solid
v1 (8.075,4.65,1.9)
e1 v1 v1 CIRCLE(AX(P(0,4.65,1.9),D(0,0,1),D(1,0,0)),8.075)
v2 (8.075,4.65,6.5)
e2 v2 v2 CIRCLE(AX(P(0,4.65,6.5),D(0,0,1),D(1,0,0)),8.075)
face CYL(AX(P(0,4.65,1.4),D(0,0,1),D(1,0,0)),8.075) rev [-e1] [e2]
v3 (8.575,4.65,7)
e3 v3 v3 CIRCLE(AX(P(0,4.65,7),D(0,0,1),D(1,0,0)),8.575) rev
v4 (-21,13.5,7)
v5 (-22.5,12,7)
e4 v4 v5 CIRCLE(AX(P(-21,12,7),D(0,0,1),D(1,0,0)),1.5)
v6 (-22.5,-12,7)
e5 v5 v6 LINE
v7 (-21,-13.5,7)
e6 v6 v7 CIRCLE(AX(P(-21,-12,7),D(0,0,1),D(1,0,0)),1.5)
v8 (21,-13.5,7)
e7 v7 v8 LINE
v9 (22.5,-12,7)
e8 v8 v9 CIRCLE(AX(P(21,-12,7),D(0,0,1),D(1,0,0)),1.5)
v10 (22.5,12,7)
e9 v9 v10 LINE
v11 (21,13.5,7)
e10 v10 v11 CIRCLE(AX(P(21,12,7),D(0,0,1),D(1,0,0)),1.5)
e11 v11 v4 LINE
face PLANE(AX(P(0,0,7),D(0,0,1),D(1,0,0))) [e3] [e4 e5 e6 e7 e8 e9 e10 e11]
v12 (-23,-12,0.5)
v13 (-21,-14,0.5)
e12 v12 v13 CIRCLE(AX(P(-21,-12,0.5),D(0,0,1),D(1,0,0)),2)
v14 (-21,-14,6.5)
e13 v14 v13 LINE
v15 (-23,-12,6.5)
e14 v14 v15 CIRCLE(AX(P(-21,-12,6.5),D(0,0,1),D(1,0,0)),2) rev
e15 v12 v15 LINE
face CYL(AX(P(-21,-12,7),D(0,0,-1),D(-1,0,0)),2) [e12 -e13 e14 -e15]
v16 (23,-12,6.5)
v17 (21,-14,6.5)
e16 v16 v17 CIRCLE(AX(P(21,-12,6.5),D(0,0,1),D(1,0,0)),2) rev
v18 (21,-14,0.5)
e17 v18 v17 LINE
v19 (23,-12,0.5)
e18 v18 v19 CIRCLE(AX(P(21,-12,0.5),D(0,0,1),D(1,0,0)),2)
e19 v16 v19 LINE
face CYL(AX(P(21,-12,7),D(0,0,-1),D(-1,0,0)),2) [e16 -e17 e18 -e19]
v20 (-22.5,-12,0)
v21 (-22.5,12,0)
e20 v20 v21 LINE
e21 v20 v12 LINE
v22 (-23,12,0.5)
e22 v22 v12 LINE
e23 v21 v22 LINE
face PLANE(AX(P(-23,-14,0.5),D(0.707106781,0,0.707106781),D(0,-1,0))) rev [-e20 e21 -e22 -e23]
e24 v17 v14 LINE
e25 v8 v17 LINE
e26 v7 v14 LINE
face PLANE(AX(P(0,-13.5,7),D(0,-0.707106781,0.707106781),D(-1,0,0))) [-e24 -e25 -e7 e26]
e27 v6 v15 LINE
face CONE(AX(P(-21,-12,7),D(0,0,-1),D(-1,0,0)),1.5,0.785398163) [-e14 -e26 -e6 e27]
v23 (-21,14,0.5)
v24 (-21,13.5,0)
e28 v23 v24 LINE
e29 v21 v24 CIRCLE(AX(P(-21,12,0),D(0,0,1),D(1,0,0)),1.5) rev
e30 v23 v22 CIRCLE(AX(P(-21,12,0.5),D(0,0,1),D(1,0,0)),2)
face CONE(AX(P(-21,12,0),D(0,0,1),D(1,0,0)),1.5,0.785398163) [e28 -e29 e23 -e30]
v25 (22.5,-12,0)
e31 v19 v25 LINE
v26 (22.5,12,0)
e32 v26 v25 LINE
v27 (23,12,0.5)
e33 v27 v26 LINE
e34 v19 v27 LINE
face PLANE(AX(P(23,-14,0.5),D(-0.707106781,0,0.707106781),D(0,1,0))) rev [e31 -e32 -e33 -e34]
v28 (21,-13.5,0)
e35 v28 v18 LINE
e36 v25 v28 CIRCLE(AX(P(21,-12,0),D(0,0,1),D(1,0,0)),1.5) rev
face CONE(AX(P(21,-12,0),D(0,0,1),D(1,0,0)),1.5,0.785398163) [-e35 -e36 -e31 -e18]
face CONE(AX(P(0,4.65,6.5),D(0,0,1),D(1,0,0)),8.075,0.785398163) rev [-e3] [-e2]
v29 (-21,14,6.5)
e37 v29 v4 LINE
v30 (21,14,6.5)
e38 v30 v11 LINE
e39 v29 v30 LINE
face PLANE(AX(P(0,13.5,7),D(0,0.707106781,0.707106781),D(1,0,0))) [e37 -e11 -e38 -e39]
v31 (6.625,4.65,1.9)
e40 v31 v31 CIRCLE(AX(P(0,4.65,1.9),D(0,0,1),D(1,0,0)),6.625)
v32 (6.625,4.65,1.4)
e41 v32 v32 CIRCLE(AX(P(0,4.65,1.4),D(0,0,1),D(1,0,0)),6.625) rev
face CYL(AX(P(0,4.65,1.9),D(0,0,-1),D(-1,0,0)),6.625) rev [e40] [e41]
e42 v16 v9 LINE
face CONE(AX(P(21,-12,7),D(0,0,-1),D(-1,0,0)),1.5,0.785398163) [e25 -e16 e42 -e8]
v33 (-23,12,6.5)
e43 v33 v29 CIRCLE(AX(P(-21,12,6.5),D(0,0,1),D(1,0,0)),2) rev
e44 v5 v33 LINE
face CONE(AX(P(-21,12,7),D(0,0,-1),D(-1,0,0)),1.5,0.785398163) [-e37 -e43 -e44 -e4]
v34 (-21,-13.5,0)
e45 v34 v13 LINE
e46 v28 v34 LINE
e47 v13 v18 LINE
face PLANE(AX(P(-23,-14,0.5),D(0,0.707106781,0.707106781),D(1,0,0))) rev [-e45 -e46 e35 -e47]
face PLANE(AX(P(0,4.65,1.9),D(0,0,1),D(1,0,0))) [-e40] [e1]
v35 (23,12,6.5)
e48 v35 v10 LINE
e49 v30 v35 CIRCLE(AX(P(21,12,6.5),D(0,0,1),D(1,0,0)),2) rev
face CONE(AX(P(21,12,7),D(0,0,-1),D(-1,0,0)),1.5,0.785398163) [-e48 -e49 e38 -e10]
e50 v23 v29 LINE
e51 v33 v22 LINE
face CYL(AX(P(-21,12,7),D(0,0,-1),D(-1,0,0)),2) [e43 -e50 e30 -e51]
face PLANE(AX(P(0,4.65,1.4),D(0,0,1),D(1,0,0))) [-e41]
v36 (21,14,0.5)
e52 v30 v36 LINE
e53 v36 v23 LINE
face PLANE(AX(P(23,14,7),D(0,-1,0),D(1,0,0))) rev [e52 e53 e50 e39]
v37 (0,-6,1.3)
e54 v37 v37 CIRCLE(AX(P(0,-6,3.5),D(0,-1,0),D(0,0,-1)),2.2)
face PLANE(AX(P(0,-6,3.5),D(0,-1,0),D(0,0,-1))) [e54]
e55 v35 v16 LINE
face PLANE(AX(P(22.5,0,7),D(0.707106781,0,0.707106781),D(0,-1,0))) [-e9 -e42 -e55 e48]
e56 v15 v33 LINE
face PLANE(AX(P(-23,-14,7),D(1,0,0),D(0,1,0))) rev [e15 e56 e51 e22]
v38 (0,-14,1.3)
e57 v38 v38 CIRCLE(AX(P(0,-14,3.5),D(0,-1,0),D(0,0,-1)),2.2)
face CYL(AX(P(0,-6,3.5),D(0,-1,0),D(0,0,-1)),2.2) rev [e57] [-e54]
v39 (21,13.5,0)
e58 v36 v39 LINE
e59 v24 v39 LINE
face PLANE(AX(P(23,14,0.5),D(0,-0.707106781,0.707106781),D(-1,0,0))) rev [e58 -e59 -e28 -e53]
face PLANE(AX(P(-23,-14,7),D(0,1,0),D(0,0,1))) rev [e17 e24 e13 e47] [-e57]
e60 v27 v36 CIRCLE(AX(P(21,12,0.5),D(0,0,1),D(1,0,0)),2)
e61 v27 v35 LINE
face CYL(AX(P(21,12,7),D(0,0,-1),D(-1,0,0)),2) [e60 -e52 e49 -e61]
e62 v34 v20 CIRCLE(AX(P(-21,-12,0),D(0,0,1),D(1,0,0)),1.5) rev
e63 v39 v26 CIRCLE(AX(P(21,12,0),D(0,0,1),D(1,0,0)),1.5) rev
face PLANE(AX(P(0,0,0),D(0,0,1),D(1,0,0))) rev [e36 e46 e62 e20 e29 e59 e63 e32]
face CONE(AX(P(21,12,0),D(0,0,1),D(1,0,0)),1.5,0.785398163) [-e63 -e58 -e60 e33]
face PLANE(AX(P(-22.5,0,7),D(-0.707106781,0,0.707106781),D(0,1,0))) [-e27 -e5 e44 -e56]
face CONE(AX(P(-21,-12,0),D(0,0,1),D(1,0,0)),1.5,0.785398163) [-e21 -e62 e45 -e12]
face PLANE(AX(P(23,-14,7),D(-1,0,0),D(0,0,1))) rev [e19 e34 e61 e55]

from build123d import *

# Parameters (mm, degrees)
SKIZZE1_W                       = 46
SKIZZE1_H                       = 28
AUFSATZ_LINEAR_AUSTRAGEN1_DEPTH = 7
SKIZZE2_R                       = 8.075
SCHNITT_LINEAR_AUSTRAGEN1_DEPTH = 5.6
AUFSATZ_LINEAR_START            = 0.5
SKIZZE10_R                      = 8.075
SKIZZE10_R_2                    = 6.625
AUFSATZ_LINEAR_AUSTRAGEN2_DEPTH = 0.5
VERRUNDUNG1_R                   = 2
SKIZZE11_R                      = 2.2
SCHNITT_LINEAR_AUSTRAGEN8_DEPTH = 8
FASE1_SIZE                      = 0.5


with BuildPart() as part:
    # Skizze1 → Aufsatz-Linear austragen1 (new body)
    with BuildSketch(Plane.XY):
        Rectangle(SKIZZE1_W, SKIZZE1_H)
    extrude(amount=AUFSATZ_LINEAR_AUSTRAGEN1_DEPTH)

    # Skizze2 → Schnitt-Linear austragen1 (cut)
    with BuildSketch(Plane.XY.offset(7)):
        with Locations((0, 4.65)):
            Circle(SKIZZE2_R)
    extrude(amount=-SCHNITT_LINEAR_AUSTRAGEN1_DEPTH, mode=Mode.SUBTRACT)

    # Skizze10 → Aufsatz-Linear austragen2 (add)
    with BuildSketch(Plane.XY.offset(1.4).offset(AUFSATZ_LINEAR_START)):
        with Locations((0, 4.65)):
            Circle(SKIZZE10_R)
        with Locations((0, 4.65)):
            Circle(SKIZZE10_R_2, mode=Mode.SUBTRACT)
    extrude(amount=-AUFSATZ_LINEAR_AUSTRAGEN2_DEPTH)

    # Verrundung1
    verrundung1_edges = [part.edges().sort_by_distance(p)[0] for p in [
        (23, 14, 3.5),
        (23, -14, 3.5),
        (-23, 14, 3.5),
        (-23, -14, 3.5),
    ]]
    fillet(verrundung1_edges, radius=VERRUNDUNG1_R)

    # Skizze11 → Schnitt-Linear austragen8 (cut)
    with BuildSketch(Plane.XZ.offset(14)):
        with Locations((0, 3.5)):
            Circle(SKIZZE11_R)
    extrude(amount=-SCHNITT_LINEAR_AUSTRAGEN8_DEPTH, mode=Mode.SUBTRACT)

    # Fase1
    fase1_edges = [part.edges().sort_by_distance(p)[0] for p in [
        (22.414213562, -13.414213562, 7),
        (0, -14, 7),
        (-22.414213562, -13.414213562, 7),
        (-23, 0, 7),
        (-22.414213562, 13.414213562, 7),
        (0, 14, 7),
        (22.414213562, 13.414213562, 7),
        (23, 0, 7),
        (-8.075, 4.65, 7),
        (-22.414213562, 13.414213562, 0),
        (-23, 0, 0),
        (-22.414213562, -13.414213562, 0),
        (0, -14, 0),
        (22.414213562, -13.414213562, 0),
        (23, 0, 0),
        (22.414213562, 13.414213562, 0),
        (0, 14, 0),
    ]]
    chamfer(fase1_edges, length=FASE1_SIZE)


solid = part.part
